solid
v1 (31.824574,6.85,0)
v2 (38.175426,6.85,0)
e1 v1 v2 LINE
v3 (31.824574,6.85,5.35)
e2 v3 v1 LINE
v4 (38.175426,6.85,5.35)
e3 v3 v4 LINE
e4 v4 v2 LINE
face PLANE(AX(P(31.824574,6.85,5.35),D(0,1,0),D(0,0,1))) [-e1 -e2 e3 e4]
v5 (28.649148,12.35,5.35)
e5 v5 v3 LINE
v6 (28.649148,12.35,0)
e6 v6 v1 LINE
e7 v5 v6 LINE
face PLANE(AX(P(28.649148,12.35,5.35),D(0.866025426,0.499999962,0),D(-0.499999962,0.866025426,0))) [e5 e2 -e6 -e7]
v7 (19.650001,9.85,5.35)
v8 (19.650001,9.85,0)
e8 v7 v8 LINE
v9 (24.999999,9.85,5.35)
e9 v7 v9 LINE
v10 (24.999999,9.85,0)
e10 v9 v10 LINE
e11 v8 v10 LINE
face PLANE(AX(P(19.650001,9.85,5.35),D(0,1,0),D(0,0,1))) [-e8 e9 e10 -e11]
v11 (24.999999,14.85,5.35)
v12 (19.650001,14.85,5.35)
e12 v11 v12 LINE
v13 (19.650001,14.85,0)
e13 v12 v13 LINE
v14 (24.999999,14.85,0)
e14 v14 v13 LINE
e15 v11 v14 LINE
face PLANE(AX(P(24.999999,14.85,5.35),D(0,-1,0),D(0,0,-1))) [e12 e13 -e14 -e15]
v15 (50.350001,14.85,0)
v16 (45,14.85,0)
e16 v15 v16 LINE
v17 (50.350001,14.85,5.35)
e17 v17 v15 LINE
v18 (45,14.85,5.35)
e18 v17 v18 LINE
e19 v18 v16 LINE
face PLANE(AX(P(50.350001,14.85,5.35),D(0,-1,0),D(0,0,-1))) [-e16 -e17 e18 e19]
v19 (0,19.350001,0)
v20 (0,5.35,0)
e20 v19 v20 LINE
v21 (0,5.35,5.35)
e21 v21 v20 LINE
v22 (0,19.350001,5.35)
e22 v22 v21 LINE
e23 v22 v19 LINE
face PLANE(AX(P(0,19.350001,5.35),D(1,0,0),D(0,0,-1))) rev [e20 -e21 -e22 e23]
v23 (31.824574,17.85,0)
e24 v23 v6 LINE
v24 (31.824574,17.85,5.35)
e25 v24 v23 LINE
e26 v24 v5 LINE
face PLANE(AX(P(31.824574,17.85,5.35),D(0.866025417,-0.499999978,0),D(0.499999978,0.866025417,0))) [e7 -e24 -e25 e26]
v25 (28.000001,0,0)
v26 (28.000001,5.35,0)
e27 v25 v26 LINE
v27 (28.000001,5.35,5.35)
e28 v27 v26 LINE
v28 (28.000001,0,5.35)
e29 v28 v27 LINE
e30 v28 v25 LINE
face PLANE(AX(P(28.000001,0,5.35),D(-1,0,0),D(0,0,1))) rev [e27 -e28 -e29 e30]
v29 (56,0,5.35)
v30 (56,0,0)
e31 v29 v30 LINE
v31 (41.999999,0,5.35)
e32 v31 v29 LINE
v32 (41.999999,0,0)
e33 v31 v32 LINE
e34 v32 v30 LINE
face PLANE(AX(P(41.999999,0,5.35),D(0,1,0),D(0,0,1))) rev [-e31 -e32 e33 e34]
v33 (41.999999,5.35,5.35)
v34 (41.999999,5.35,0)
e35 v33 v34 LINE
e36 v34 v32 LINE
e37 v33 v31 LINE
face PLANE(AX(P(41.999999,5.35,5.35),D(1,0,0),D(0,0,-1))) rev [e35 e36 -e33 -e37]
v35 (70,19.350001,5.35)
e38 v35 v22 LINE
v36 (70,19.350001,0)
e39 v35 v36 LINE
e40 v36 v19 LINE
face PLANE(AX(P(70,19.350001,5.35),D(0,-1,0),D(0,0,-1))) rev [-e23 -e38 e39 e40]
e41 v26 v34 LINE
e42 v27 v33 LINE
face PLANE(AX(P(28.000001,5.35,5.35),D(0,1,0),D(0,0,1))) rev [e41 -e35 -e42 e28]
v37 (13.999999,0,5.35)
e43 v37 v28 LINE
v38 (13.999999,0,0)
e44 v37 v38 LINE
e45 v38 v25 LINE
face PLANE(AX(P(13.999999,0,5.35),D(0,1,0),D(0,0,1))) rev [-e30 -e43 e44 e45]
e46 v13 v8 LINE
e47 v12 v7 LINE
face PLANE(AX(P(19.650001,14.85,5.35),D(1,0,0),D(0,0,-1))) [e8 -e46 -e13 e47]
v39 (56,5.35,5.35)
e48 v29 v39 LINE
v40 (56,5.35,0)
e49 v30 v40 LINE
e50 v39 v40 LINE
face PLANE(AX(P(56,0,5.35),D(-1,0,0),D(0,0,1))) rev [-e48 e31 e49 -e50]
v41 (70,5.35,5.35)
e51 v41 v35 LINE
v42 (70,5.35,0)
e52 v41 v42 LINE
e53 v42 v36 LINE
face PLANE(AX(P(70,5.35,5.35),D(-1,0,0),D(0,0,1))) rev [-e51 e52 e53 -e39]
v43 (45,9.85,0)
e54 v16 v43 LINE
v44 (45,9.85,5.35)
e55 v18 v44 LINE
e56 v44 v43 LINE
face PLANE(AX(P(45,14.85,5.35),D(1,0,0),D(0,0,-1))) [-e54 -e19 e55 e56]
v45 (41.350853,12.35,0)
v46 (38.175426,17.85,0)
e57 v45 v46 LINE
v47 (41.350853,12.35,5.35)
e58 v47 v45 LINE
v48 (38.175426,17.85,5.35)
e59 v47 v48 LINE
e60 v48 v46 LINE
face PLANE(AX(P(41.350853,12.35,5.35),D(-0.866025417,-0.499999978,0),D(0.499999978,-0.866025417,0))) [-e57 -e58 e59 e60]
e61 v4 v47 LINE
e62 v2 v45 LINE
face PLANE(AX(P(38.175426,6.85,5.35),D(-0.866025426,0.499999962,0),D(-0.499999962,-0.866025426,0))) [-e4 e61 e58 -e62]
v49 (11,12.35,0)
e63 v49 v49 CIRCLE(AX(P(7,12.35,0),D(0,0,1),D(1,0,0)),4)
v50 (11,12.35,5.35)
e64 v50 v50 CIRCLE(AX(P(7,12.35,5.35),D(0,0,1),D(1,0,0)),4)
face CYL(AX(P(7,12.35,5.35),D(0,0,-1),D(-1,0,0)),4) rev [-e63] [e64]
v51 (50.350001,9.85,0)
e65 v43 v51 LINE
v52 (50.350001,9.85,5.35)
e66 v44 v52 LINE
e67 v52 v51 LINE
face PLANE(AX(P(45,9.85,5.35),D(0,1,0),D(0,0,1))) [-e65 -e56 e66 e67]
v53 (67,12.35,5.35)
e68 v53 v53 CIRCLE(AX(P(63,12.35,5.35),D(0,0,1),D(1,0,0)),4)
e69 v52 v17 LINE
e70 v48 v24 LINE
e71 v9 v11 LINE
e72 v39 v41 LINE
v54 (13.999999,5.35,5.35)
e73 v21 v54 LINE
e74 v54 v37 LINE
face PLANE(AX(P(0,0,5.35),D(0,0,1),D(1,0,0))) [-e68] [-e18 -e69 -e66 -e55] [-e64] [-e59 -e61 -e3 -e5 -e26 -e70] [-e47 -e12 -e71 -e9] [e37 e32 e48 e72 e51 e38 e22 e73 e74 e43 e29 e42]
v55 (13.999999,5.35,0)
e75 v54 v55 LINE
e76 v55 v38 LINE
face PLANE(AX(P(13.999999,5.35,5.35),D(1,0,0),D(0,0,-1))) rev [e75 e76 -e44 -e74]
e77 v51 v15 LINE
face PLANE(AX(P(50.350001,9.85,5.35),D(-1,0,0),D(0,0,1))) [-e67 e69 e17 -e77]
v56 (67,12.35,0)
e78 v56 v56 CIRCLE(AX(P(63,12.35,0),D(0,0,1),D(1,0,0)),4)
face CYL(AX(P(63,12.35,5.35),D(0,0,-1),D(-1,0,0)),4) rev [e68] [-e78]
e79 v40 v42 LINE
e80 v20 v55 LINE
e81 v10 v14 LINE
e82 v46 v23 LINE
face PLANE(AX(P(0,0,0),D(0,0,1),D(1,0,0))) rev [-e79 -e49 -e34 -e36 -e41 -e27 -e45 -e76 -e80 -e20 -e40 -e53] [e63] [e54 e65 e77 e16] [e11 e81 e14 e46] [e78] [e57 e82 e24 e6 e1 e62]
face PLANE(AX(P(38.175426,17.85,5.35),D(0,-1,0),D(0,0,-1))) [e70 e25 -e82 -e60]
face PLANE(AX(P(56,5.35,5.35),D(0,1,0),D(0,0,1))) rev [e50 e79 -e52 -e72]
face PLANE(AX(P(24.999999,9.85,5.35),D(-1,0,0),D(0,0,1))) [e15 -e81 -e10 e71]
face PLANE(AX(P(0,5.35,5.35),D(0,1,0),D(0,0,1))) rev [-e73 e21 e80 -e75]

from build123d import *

# Parameters (mm, degrees)
MODEL_R             = 4
MODEL_W             = 5.350001156
MODEL_H             = 4.999999889
MODEL_W_2           = 5.349997431
BOSS_EXTRUDE1_DEPTH = 5.35


with BuildPart() as part:
    # Model → Boss-Extrude1 (new body)
    with BuildSketch(Plane.XY):
        Polygon((70.000000298, 5.350000225), (70.000000298, 19.350000657), (0, 19.350000657), (0, 5.350000225), (13.99999857, 5.350000225), (13.99999857, 0), (28.000000864, 0), (28.000000864, 5.350000225), (41.999999434, 5.350000225), (41.999999434, 0), (55.999999866, 0), (55.999999866, 5.350000225), align=None)
        with Locations((7.000000298, 12.350000225)):
            Circle(MODEL_R, mode=Mode.SUBTRACT)
        with Locations((63.000000298, 12.350000225)):
            Circle(MODEL_R, mode=Mode.SUBTRACT)
        with Locations((47.675000504, 12.349999976)):
            Rectangle(MODEL_W, MODEL_H, mode=Mode.SUBTRACT)
        with Locations((22.324999795, 12.349999976)):
            Rectangle(MODEL_W_2, MODEL_H, mode=Mode.SUBTRACT)
        Polygon((41.350852698, 12.350000441), (38.175426424, 17.850000411), (31.824573874, 17.850000411), (28.6491476, 12.350000441), (31.824573874, 6.850000238), (38.175426424, 6.850000238), align=None, mode=Mode.SUBTRACT)
    extrude(amount=BOSS_EXTRUDE1_DEPTH)


solid = part.part
